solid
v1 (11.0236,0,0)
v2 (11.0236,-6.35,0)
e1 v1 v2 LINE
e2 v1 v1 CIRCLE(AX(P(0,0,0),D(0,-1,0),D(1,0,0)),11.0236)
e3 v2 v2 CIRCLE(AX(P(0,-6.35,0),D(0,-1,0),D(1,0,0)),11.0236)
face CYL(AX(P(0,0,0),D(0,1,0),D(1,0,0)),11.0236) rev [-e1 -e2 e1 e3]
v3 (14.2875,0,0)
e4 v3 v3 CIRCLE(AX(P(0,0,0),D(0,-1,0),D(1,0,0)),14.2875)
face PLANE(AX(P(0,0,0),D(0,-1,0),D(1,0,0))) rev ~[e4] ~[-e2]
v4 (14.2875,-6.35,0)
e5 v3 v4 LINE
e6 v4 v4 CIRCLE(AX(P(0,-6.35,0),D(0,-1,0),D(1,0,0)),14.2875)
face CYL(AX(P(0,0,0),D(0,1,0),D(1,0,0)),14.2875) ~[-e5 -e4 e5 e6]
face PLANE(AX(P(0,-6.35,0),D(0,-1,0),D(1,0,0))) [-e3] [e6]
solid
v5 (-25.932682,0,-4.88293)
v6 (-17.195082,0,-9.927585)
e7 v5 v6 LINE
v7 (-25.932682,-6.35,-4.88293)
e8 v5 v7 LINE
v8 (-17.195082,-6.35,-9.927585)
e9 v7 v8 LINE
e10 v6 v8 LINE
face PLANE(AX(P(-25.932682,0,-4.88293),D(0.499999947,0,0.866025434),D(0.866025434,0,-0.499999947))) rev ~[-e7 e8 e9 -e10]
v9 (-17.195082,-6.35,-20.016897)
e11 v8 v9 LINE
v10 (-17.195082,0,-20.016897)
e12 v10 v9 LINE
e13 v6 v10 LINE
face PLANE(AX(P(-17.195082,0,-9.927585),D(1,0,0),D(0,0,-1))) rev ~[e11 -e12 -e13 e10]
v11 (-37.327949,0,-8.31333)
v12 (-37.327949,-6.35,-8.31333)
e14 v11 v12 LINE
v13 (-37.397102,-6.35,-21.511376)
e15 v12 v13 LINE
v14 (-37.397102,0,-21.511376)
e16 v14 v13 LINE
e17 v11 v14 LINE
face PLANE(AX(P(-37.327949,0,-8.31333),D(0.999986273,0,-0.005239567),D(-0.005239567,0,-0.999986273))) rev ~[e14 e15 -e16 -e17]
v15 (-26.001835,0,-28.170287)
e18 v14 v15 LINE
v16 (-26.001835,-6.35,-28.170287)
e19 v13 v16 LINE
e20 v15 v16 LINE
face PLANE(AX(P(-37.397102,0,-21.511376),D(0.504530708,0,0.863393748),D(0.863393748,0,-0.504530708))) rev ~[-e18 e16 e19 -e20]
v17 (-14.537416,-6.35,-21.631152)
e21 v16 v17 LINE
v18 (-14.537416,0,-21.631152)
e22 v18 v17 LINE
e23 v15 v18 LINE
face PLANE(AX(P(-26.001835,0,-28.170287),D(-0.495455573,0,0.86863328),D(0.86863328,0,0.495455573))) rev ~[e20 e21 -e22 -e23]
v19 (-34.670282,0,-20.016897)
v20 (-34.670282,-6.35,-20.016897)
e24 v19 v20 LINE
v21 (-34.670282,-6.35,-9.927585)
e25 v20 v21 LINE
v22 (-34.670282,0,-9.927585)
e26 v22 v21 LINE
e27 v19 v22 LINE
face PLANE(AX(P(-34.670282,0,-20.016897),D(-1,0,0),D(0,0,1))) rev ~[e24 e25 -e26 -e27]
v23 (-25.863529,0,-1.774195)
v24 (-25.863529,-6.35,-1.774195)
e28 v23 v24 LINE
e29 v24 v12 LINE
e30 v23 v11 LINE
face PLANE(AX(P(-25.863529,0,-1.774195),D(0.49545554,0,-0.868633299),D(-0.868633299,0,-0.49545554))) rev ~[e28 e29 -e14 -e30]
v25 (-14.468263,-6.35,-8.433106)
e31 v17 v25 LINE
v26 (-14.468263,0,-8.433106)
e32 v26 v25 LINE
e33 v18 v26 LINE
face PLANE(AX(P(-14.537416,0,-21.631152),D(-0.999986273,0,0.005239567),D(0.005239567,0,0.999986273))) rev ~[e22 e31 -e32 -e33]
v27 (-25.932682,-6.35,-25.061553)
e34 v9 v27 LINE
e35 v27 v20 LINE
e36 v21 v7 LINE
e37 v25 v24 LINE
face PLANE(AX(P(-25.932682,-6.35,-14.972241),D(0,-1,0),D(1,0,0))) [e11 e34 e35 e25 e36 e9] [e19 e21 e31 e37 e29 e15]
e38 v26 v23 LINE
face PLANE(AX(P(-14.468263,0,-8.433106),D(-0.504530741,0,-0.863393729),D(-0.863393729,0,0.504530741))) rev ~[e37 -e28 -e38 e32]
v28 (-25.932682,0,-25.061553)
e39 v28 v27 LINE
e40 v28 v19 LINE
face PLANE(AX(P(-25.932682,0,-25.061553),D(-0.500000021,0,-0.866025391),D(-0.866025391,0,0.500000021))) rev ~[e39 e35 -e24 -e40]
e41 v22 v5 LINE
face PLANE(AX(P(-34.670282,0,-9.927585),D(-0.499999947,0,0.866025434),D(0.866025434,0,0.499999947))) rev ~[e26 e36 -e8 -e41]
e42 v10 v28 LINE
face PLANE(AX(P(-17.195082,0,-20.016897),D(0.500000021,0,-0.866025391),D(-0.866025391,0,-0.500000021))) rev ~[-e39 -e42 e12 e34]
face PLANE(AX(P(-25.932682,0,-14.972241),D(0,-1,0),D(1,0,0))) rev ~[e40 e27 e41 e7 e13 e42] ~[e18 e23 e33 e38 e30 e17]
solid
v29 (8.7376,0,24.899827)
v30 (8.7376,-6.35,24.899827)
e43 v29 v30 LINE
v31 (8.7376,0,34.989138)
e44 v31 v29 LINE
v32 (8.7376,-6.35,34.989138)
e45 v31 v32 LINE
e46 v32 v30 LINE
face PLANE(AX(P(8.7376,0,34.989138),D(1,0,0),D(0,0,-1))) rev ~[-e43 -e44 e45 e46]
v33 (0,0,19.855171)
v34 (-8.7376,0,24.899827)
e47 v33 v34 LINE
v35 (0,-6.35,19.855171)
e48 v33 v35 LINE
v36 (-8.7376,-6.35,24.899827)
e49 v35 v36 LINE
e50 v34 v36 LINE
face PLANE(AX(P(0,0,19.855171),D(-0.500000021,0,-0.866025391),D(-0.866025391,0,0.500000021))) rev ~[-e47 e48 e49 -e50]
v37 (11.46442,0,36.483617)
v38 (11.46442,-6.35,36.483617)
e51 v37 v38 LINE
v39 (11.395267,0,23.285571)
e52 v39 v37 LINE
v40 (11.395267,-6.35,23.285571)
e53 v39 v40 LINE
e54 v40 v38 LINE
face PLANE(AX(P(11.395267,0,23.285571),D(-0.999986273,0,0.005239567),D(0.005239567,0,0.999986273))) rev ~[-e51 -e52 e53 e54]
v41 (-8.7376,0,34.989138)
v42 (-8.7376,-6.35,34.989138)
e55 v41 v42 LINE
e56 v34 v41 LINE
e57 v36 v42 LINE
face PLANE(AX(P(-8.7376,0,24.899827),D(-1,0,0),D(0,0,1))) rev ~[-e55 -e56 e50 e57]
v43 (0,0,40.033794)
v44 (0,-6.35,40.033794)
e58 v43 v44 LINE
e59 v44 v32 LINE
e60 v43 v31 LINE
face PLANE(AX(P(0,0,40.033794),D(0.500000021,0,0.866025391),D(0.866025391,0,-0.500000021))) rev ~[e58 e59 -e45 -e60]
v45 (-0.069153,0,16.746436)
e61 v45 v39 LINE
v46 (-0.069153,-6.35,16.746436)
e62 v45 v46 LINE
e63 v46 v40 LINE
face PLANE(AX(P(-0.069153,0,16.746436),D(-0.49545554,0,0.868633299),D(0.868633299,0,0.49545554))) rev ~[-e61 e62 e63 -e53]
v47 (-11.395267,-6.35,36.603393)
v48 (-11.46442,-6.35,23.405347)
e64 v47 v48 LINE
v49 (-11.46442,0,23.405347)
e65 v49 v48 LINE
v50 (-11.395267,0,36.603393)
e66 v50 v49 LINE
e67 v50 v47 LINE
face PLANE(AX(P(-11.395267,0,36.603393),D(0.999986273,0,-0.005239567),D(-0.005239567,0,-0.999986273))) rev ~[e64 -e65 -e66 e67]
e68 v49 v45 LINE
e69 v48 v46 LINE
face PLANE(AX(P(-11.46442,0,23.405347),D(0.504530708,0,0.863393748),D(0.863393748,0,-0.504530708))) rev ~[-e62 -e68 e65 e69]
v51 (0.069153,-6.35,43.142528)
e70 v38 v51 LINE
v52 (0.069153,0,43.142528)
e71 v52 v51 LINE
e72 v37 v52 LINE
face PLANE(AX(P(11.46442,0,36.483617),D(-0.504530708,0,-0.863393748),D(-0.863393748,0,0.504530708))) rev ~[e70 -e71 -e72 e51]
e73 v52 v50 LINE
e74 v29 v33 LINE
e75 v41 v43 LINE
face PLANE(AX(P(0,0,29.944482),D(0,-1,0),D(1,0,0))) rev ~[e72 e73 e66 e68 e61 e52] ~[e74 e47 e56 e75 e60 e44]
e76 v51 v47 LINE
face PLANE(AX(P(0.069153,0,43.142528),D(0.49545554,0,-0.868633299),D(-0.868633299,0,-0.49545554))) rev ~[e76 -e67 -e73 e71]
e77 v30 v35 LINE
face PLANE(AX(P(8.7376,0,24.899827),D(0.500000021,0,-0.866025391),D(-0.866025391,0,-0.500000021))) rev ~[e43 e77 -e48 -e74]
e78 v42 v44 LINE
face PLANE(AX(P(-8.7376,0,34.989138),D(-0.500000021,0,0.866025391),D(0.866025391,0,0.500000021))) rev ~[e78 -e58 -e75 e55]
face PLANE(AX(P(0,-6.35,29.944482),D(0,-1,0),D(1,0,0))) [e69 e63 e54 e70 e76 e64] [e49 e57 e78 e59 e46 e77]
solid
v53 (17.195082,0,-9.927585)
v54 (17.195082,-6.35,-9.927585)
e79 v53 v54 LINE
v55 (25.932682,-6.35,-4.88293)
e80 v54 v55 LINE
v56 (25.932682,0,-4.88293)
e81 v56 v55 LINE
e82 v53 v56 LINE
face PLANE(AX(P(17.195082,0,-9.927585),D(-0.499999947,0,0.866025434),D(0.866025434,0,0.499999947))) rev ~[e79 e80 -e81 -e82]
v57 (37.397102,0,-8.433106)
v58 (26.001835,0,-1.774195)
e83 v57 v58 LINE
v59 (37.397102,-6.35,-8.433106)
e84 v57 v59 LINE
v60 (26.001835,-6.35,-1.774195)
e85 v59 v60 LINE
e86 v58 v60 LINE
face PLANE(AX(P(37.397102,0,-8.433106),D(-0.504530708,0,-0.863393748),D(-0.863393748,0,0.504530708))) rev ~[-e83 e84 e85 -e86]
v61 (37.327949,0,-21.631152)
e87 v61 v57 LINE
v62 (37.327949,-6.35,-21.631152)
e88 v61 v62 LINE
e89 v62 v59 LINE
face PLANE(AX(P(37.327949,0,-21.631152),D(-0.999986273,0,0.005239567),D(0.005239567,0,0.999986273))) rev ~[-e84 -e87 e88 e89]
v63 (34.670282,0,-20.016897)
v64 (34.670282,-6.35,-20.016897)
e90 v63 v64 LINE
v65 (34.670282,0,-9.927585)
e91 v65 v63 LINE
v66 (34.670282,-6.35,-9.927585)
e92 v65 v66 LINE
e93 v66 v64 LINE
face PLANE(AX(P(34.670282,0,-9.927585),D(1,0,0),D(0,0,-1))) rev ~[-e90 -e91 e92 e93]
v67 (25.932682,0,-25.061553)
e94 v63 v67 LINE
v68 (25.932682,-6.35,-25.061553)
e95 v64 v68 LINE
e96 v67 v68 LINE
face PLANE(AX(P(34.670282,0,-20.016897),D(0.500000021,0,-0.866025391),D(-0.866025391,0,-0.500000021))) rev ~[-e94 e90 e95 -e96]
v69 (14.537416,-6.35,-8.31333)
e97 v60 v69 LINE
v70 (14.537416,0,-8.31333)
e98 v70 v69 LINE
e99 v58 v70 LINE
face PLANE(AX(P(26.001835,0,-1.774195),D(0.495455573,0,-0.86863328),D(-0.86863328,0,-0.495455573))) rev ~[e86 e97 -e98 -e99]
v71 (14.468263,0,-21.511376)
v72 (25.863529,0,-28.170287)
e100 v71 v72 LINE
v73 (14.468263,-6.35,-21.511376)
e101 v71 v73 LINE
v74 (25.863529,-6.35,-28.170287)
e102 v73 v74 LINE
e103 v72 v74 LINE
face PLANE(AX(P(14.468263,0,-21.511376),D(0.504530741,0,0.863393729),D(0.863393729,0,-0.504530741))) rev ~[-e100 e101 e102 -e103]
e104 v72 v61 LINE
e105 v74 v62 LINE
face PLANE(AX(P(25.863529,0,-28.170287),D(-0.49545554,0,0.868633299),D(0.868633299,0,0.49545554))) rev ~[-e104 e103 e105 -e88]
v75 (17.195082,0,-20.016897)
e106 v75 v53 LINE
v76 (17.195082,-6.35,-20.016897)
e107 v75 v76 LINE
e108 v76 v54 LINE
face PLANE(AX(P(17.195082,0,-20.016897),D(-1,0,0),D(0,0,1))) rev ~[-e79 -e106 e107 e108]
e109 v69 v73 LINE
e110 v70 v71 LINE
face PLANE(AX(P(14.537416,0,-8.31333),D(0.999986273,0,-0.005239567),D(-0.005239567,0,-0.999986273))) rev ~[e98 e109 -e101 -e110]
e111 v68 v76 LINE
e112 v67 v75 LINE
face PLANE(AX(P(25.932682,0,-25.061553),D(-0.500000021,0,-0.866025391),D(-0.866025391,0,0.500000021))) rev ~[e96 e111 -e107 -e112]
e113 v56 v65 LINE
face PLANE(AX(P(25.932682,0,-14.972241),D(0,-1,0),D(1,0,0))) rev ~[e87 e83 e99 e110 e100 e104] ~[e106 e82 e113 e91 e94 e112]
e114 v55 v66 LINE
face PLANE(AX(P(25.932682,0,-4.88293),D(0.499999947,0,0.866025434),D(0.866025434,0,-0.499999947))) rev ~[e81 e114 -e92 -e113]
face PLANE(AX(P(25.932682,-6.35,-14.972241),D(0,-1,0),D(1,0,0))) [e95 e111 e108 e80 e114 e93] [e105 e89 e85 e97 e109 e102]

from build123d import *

# Parameters (mm, degrees)
F0_R     = 14.2875
F0_R_2   = 11.0236
F2_DEPTH = 6.35


with BuildPart() as f2:
    # F1 (on Front) + F0 (on Front) → F2 (new body)
    with BuildSketch(Plane.XZ):
        Polygon((0.069153, 43.142528), (-11.395267, 36.603393), (-11.46442, 23.405347), (-0.069153, 16.746436), (11.395267, 23.285571), (11.46442, 36.483617), align=None)
        Polygon((0, 19.855171), (-8.7376, 24.899827), (-8.7376, 34.989138), (0, 40.033794), (8.7376, 34.989138), (8.7376, 24.899827), align=None, mode=Mode.SUBTRACT)
        Polygon((25.863529, -28.170287), (37.327949, -21.631152), (37.397102, -8.433106), (26.001835, -1.774195), (14.537416, -8.31333), (14.468263, -21.511376), align=None)
        Polygon((17.195082, -20.016897), (17.195082, -9.927585), (25.932682, -4.88293), (34.670282, -9.927585), (34.670282, -20.016897), (25.932682, -25.061553), align=None, mode=Mode.SUBTRACT)
        Polygon((-37.327949, -8.31333), (-37.397102, -21.511376), (-26.001835, -28.170287), (-14.537416, -21.631152), (-14.468263, -8.433106), (-25.863529, -1.774195), align=None)
        Polygon((-25.932682, -4.88293), (-17.195082, -9.927585), (-17.195082, -20.016897), (-25.932682, -25.061553), (-34.670282, -20.016897), (-34.670282, -9.927585), align=None, mode=Mode.SUBTRACT)
    with BuildSketch(Plane.XZ):
        Circle(F0_R)
        Circle(F0_R_2, mode=Mode.SUBTRACT)
    extrude(amount=F2_DEPTH)


solid = f2.part
